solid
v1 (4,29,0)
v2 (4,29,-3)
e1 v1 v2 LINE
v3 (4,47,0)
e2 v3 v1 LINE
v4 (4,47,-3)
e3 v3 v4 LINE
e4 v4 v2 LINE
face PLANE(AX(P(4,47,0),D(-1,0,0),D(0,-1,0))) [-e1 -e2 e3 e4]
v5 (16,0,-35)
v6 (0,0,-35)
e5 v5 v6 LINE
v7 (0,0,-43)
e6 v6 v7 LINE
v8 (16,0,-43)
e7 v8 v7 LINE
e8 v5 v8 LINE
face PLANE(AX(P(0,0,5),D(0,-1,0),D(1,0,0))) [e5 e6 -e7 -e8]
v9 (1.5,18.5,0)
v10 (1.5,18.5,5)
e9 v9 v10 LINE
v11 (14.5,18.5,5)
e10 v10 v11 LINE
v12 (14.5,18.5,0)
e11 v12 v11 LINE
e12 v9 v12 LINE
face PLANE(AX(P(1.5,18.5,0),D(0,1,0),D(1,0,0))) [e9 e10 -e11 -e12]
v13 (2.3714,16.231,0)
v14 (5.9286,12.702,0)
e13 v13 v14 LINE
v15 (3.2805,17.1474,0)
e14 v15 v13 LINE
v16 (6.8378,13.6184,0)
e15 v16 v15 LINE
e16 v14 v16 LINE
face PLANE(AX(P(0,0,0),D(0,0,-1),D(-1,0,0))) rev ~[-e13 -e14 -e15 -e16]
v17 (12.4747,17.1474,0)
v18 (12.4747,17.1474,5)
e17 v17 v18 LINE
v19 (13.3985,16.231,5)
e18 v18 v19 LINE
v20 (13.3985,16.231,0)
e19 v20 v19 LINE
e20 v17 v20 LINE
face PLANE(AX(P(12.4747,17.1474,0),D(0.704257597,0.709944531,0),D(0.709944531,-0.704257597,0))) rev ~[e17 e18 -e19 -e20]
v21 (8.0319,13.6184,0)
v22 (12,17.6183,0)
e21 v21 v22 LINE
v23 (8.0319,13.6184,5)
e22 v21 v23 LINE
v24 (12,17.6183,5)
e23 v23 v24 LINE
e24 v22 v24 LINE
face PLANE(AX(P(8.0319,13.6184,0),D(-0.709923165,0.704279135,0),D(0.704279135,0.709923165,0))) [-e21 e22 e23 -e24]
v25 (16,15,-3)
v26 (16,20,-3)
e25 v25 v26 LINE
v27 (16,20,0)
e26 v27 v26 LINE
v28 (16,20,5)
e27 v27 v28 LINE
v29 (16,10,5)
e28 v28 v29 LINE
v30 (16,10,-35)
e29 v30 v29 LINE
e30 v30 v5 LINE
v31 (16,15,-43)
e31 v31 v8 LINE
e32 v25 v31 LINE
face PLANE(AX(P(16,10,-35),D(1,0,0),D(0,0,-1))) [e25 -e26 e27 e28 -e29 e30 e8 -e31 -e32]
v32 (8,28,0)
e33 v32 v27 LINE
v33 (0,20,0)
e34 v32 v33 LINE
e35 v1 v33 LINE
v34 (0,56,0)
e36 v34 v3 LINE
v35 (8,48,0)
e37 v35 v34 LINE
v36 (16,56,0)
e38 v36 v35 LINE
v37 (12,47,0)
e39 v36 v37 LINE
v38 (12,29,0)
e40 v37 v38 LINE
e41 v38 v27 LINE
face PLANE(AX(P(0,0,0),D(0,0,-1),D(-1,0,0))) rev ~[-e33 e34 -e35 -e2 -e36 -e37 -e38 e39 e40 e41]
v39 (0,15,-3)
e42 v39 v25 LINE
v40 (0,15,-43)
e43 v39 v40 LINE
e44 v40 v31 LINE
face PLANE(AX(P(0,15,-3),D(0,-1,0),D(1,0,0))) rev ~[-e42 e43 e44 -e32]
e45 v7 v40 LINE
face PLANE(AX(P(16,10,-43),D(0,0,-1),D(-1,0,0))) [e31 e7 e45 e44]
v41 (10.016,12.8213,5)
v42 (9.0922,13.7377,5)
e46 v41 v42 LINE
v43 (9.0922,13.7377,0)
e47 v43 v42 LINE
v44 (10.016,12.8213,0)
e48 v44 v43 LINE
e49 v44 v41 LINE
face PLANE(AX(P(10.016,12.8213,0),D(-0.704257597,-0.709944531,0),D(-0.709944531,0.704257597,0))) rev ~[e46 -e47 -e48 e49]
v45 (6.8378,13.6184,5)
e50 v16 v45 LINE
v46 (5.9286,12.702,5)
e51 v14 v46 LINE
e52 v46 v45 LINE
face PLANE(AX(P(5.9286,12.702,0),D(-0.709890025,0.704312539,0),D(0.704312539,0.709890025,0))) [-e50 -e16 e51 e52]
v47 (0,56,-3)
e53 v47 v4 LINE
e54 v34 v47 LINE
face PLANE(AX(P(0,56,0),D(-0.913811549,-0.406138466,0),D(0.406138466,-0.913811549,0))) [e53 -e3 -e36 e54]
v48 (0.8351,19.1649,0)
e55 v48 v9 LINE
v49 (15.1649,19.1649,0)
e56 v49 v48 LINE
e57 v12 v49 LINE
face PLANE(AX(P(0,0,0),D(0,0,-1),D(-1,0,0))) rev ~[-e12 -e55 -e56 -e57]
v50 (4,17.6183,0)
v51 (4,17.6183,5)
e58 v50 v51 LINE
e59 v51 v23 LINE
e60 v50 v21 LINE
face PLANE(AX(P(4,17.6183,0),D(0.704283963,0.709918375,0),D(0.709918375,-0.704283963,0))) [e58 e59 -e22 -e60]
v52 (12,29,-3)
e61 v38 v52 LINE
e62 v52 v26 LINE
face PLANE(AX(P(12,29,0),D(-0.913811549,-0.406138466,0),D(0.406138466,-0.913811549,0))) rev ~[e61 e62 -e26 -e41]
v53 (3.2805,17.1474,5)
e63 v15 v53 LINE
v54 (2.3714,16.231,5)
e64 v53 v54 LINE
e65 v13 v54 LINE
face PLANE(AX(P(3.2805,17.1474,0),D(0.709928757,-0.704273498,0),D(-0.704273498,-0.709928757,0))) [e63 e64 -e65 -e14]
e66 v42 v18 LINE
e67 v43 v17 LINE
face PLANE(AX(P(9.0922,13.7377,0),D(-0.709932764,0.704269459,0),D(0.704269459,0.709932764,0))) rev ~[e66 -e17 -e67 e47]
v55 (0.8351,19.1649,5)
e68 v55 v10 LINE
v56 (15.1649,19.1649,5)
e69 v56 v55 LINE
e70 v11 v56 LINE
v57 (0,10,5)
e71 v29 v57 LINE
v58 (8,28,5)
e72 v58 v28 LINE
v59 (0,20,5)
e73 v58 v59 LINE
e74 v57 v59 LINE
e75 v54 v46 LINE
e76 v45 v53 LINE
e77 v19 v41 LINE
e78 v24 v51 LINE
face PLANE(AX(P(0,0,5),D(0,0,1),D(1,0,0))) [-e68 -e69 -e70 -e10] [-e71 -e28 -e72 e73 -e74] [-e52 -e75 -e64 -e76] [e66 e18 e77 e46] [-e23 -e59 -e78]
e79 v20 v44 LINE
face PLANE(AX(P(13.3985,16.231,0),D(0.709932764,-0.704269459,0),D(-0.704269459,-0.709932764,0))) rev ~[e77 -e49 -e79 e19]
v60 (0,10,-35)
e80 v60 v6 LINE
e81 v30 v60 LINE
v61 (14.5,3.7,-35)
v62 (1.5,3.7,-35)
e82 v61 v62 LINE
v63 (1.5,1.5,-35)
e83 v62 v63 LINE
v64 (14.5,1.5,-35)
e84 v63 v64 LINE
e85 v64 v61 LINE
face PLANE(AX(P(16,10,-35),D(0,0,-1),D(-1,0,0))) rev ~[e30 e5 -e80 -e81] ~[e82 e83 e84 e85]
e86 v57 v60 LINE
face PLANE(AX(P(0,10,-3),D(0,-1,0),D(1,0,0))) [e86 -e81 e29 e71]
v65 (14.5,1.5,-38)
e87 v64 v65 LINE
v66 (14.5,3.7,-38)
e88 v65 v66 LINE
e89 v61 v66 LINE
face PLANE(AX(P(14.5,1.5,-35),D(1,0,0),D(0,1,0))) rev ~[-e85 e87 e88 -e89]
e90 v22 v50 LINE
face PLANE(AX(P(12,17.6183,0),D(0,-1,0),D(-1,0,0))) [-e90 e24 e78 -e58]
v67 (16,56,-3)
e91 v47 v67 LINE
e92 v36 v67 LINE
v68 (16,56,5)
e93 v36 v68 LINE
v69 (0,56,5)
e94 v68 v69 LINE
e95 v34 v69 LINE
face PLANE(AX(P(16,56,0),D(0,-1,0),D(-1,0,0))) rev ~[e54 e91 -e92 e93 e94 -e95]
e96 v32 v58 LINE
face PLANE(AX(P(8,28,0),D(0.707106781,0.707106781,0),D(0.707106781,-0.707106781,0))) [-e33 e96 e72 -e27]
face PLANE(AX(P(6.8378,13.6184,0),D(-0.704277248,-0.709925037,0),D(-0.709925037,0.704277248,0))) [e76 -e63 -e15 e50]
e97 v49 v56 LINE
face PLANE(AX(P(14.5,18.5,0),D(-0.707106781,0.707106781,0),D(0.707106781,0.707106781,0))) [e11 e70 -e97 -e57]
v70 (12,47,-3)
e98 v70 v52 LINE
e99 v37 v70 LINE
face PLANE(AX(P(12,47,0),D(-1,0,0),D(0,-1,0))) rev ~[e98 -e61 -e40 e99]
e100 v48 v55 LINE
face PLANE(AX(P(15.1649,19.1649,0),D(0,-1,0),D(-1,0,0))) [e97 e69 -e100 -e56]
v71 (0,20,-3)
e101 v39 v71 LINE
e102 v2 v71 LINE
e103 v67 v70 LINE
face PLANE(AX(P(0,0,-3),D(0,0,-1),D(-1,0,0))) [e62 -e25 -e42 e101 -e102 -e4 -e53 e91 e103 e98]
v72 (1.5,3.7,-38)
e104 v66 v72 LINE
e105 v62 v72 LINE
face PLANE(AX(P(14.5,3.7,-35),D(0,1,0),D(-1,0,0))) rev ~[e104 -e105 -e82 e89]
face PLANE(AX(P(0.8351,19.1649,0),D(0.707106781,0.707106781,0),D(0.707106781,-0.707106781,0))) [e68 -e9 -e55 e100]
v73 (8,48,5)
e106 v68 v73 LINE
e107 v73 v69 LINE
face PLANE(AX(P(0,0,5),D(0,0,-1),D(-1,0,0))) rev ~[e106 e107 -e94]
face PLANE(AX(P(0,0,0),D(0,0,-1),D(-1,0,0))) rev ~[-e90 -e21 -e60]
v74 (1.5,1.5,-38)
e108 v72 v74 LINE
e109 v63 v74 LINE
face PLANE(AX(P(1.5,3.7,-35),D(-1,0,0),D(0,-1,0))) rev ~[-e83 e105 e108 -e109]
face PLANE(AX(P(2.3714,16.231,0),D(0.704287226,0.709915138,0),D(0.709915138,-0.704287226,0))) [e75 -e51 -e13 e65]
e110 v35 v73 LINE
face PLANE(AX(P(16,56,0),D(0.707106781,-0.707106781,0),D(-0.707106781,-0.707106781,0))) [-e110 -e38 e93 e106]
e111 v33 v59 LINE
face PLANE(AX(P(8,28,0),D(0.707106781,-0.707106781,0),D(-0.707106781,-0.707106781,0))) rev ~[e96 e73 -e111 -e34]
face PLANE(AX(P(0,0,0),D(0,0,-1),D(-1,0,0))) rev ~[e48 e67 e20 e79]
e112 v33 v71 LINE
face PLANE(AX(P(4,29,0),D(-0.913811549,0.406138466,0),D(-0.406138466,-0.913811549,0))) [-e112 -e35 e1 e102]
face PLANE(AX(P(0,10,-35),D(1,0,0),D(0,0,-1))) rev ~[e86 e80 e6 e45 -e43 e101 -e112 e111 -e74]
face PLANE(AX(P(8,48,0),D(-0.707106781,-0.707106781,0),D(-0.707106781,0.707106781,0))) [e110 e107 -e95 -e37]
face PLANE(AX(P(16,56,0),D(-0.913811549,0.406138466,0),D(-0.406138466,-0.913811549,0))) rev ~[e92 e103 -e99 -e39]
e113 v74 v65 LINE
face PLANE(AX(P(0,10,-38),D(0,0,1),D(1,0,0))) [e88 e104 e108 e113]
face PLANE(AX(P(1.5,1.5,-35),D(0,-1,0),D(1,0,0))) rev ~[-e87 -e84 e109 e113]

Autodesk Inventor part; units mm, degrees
ref_plane "YZ Plane" through (0, 0, 0) normal (1, 0, 0) x (0, 1, 0)
ref_plane "XZ Plane" through (0, 0, 0) normal (0, 1, 0) x (-1, 0, 0)
ref_plane "XY Plane" through (0, 0, 0) normal (0, 0, 1) x (1, 0, 0)
sketch "Sketch1" plane through (0, 0, 0) normal (0, 0, 1) x (1, 0, 0)
  line L0 (0, 0) -> (0, 20)
  line L1 (0, 20) -> (16, 20)
  line L2 (16, 20) -> (16, 0)
  line L3 (16, 0) -> (0, 0)
  line L4 (8, 28) -> (0, 20)
  line L5 (8, 28) -> (16, 20)
  line L6 (0, 0) -> (0, 5)
  line L7 (0, 0) -> (0, 1.5)
  line L8 (0, 5) -> (0, 3.5)
  line L9 (1.5, 3.5) -> (1.5, 1.5)
  line L10 (1.5, 3.5) -> (14.5, 3.5)
  line L11 (14.5, 3.5) -> (14.5, 1.5)
  line L12 (14.5, 1.5) -> (1.5, 1.5)
  line L13 (14.5, 18.5) -> (15.1649, 19.1649)
  line L14 (15.1649, 19.1649) -> (0.8351, 19.1649)
  line L15 (0.8351, 19.1649) -> (1.5, 18.5)
  line L16 (1.5, 18.5) -> (14.5, 18.5)
  line L17 (12, 17.6183) -> (4, 17.6183)
  line L18 (4, 17.6183) -> (8.0319, 13.6184)
  line L19 (8.0319, 13.6184) -> (12, 17.6183)
  line L20 (12.4747, 17.1474) -> (13.3985, 16.231)
  line L21 (13.3985, 16.231) -> (10.016, 12.8213)
  line L22 (10.016, 12.8213) -> (9.0922, 13.7377)
  line L23 (9.0922, 13.7377) -> (12.4747, 17.1474)
  line L24 (6.8378, 13.6184) -> (3.2805, 17.1474)
  line L25 (3.2805, 17.1474) -> (2.3714, 16.231)
  line L26 (2.3714, 16.231) -> (5.9286, 12.702)
  line L27 (5.9286, 12.702) -> (6.8378, 13.6184)
  dimension "d0" = 20
  dimension "d1" = 16
  dimension "d3" = 5
  dimension "d7" = 1.5
  dimension "d9" = 13
extrude "Extrusion1" add sketch "Sketch1" along normal blind 5
extrude "Extrusion2" add sketch "Sketch1" along normal blind 4 contours L10 L11 L12 L9
sketch "Sketch2" plane through (0, 0, 0) normal (0, 0, -1) x (-1, 0, 0)
  line L0 (-16, 20) -> (-8, 28) projected
  line L1 (-16, 20) -> (0, 20)
  line L2 (0, 20) -> (-8, 28)
  line L3 (-16, 20) -> (-16, 56)
  line L4 (-16, 20) -> (20, 20) construction
  line L5 (-16, 56) -> (0, 56)
  line L6 (0, 56) -> (0, 20)
  line L7 (-16, 56) -> (-8, 48)
  line L8 (-16, 56) -> (-4.6863, 56) construction
  line L9 (-8, 48) -> (0, 56)
  point P0 (0, 0)
  dimension "d12" = 36
  dimension "d13" = 90
  dimension "d14" = 45
extrude "Extrusion3" add sketch "Sketch2" against normal blind 5 contours L5 L9 L7
sketch "Sketch3" plane through (0, 0, 0) normal (0, 0, -1) x (-1, 0, 0)
  line L0 (0, 56) -> (-8, 48) projected
  line L1 (-16, 0) -> (-16, 20) projected
  line L2 (0, 56) -> (-16, 56)
  line L3 (-16, 56) -> (-16, 0)
  line L4 (-16, 0) -> (0, 0)
  line L5 (0, 0) -> (0, 56)
  line L6 (-16, 20) -> (-8, 28) projected
  line L7 (-16, 20) -> (0, 20)
  line L8 (-8, 28) -> (0, 20) projected
  line L9 (-8, 28) -> (-8, 48)
  line L10 (-16, 56) -> (-8, 38)
  line L11 (0, 56) -> (-8, 38)
  line L12 (-8, 38) -> (0, 20)
  line L13 (-8, 38) -> (-16, 20)
  line L14 (-12, 47) -> (-12, 29)
  line L15 (-4, 47) -> (-4, 29)
  point P0 (0, 0)
extrude "Extrusion4" add sketch "Sketch3" along normal blind 3 contours L11 L9 L0 | L0 L9 L10 L2 | L5 L4 L1 L7 | L7 L6 L8 | L8 L9 L12 | L15 L12 L11 | L13 L14 L10 | L9 L6 L13
sketch "Sketch4" plane through (0, 0, 5) normal (0, 0, 1) x (1, 0, 0)
  line L0 (0, 0) -> (0, 20) projected
  line L1 (16, 20) -> (16, 0) projected
  line L2 (0, 0) -> (16, 0)
  line L3 (16, 0) -> (16, 10)
  line L4 (16, 10) -> (0, 10)
  line L5 (0, 10) -> (0, 0)
extrude "Extrusion5" cut sketch "Sketch4" against normal blind 10
sketch "Sketch5" plane through (0, 0, -3) normal (0, 0, -1) x (-1, 0, 0)
  line L0 (0, 10) -> (-16, 10) projected
  line L1 (0, 10) -> (0, 20) projected
  line L2 (-16, 10) -> (0, 10)
  line L3 (0, 10) -> (0, 15)
  line L4 (0, 15) -> (-16, 15)
  line L5 (-16, 15) -> (-16, 10)
  point P0 (0, 0)
  dimension "d21" = 5
extrude "Extrusion6" add sketch "Sketch5" along normal blind 40
sketch "Sketch6" plane through (0, 10, 5) normal (0, -1, 0) x (1, 0, 0)
  line L0 (16, -48) -> (0, -48) projected
  line L1 (16, 0) -> (16, -48) projected
  line L2 (0, -48) -> (16, -48)
  line L3 (16, -48) -> (16, -40)
  line L4 (16, -40) -> (0, -40)
  line L5 (0, -40) -> (0, -48)
  point P0 (0, -5)
  dimension "d24" = 8
extrude "Extrusion7" add sketch "Sketch6" along normal blind 10
sketch "Sketch7" plane through (0, 10, -35) normal (0, 0, 1) x (1, 0, 0)
  line L0 (0, -10) -> (16, -10)
  line L1 (16, -10) -> (16, -5)
  line L2 (16, -5) -> (0, -5)
  line L3 (0, -5) -> (0, -10)
  line L4 (0, -10) -> (1.5, -10)
  line L5 (1.5, -10) -> (1.5, -8.5)
  line L6 (1.5, -8.5) -> (0, -8.5)
  line L7 (0, -8.5) -> (0, -10)
  line L8 (1.5, -8.5) -> (14.5, -8.5)
  line L9 (14.5, -8.5) -> (14.5, -6.3)
  line L10 (14.5, -6.3) -> (1.5, -6.3)
  line L11 (1.5, -6.3) -> (1.5, -8.5)
  dimension "d27" = 16
  dimension "d28" = 5
  dimension "d29" = 1.5
  dimension "d30" = 1.5
  dimension "d31" = 13
  dimension "d32" = 2.2
extrude "Extrusion8" cut sketch "Sketch7" against normal blind 3 contours L11 L10 L9 L8
properties part number "Connecting pt.2"
